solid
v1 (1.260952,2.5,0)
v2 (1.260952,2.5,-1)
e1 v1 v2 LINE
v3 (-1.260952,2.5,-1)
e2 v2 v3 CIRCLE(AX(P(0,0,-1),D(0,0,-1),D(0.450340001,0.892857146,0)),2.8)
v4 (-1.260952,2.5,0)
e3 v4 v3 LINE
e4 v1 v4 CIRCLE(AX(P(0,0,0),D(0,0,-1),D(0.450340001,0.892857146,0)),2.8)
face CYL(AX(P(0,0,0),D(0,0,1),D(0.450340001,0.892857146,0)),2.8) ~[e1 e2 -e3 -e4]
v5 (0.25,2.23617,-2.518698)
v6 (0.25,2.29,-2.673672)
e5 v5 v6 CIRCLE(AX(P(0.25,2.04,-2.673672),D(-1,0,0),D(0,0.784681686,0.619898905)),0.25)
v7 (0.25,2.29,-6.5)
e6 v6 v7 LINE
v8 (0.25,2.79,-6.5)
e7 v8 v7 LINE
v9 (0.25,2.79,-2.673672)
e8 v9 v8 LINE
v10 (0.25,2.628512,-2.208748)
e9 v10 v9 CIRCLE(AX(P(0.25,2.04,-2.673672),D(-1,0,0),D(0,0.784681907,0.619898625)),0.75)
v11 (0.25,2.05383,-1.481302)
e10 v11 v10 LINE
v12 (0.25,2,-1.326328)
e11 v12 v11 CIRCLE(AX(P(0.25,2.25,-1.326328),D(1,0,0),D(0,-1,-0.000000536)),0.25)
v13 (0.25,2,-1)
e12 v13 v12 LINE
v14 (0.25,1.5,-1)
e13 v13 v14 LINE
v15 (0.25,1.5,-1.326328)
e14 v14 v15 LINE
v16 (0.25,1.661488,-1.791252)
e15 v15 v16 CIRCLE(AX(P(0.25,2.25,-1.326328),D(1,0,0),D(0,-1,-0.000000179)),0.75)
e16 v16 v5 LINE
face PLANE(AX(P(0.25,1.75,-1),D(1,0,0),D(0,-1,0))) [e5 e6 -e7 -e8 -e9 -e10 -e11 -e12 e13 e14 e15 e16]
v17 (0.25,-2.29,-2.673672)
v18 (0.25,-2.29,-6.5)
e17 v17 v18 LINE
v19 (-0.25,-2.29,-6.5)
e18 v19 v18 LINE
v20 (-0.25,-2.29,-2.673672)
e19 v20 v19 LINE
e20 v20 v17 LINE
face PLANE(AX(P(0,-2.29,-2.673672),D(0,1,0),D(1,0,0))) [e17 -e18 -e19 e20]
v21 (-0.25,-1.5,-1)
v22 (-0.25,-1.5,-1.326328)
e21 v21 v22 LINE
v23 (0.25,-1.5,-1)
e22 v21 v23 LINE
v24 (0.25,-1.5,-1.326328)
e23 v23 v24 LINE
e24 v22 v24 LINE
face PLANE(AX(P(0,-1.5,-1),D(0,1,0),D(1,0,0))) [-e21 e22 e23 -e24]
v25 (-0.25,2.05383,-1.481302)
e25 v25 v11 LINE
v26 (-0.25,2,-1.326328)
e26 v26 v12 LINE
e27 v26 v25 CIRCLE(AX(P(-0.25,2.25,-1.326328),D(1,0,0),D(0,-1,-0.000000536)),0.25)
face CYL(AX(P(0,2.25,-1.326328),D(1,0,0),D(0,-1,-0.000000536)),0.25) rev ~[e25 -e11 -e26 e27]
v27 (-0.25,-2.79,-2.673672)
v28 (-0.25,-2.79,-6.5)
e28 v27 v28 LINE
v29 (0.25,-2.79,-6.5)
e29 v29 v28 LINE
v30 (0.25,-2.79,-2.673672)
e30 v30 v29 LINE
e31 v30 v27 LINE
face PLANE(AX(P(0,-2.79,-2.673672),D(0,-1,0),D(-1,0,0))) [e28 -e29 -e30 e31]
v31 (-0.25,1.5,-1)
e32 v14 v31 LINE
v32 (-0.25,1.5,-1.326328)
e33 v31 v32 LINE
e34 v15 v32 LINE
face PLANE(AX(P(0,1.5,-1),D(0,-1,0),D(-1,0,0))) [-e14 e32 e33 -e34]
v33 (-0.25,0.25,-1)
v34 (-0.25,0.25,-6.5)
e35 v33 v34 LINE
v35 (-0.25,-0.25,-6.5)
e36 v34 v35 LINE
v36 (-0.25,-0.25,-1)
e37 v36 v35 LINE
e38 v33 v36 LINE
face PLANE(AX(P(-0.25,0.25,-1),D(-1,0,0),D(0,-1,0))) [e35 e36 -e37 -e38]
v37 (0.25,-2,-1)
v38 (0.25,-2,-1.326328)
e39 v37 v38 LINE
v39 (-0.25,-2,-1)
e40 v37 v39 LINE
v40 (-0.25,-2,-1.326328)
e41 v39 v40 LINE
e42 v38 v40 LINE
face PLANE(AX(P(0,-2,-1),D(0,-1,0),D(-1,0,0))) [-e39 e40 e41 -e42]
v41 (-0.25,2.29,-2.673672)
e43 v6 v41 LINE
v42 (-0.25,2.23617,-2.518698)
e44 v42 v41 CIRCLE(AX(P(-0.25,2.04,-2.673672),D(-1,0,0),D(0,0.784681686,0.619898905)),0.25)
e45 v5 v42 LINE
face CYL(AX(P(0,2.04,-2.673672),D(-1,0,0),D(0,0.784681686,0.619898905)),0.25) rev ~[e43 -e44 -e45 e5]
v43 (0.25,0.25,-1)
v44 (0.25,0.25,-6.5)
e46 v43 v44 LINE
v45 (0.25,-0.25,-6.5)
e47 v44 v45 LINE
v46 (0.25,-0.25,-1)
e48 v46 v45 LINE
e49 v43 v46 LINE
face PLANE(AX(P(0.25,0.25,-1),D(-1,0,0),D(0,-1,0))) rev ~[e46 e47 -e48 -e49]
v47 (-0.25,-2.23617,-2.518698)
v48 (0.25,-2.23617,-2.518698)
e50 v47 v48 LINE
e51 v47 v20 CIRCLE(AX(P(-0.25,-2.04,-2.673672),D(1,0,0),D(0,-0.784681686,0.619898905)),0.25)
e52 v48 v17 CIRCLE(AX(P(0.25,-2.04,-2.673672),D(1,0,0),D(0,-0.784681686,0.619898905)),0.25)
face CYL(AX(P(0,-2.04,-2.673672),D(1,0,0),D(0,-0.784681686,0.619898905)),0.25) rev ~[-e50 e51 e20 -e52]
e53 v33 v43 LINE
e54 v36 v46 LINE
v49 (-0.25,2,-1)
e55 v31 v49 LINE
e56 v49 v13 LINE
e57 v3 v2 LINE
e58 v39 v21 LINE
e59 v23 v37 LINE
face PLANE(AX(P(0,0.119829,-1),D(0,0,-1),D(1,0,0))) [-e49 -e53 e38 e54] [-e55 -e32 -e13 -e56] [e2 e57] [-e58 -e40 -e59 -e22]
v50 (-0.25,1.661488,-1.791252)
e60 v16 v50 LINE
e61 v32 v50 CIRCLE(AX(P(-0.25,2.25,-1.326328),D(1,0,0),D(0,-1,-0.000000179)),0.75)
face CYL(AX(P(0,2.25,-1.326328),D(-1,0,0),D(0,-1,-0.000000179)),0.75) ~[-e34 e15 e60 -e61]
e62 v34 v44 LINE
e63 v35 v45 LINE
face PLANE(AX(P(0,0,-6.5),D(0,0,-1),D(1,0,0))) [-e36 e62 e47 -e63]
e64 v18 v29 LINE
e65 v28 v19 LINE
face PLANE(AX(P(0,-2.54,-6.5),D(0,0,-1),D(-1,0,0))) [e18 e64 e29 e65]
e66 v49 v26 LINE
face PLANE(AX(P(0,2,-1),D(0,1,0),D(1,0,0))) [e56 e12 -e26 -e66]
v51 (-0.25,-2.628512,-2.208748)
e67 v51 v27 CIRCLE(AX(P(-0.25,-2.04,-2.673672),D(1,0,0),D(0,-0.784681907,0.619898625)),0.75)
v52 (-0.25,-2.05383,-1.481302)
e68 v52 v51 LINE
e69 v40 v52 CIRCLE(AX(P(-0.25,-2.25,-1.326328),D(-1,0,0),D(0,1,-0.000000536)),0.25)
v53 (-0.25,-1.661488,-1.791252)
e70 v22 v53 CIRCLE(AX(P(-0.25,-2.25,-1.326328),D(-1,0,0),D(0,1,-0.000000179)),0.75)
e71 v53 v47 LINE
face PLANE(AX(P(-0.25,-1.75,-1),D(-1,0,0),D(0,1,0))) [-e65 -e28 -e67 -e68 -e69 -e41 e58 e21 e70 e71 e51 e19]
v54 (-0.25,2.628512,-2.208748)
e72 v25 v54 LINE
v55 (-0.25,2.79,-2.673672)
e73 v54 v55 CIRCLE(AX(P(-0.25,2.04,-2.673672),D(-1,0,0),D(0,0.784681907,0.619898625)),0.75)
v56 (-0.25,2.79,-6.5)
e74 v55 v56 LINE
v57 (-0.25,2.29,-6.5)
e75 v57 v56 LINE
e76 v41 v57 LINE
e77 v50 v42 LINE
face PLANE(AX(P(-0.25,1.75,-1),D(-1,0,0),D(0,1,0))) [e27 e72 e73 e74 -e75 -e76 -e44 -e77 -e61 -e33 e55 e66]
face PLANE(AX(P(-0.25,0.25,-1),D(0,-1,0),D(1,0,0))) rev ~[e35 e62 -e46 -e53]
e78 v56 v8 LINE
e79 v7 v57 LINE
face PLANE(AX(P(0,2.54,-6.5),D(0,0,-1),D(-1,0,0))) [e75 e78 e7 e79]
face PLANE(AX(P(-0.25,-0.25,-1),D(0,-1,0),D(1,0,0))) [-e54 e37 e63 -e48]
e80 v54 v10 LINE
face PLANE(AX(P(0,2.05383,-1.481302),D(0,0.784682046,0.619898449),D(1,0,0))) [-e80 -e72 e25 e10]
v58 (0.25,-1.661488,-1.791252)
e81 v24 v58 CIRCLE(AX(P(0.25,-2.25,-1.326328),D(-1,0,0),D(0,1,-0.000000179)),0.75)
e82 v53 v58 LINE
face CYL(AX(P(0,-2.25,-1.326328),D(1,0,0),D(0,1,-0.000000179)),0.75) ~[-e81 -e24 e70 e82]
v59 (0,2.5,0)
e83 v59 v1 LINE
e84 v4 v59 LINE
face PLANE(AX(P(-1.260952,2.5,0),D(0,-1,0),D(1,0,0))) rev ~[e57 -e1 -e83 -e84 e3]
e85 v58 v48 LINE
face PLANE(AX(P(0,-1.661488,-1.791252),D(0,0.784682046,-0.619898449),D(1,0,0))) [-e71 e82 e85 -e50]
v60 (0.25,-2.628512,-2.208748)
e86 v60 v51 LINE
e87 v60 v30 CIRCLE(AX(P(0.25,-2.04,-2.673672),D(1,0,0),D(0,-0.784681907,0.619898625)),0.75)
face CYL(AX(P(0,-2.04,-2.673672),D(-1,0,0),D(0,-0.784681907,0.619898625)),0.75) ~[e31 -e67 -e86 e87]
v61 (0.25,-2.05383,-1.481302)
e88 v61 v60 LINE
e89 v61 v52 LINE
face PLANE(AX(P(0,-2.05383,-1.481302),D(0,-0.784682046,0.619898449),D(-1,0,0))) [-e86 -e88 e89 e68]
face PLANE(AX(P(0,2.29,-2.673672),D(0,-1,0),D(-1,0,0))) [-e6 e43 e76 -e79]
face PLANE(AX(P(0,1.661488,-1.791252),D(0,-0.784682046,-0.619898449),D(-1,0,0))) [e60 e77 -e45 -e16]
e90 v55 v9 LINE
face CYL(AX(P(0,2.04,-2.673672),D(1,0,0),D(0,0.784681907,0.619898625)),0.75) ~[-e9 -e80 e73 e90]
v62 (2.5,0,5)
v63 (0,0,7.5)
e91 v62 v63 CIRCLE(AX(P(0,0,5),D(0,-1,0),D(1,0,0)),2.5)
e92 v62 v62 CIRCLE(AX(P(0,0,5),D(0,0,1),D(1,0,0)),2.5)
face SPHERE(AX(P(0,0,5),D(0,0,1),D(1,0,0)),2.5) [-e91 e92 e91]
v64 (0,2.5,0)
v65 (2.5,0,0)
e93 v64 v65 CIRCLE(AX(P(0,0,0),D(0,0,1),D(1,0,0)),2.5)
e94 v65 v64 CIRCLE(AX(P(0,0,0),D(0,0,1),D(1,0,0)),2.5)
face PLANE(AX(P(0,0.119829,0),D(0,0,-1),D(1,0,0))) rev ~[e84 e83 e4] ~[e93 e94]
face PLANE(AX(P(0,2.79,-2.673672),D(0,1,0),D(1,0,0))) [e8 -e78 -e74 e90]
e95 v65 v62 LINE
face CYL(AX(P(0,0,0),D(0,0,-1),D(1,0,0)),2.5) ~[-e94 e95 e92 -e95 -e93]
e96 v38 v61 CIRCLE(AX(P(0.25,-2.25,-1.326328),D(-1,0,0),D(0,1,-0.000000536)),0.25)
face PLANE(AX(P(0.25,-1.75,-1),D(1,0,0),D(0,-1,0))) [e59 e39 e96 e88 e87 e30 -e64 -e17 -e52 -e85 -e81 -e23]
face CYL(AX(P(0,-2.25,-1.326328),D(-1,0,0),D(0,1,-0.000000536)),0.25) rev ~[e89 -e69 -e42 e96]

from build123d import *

# Parameters (mm, degrees)
F0_R     = 2.5
F1_DEPTH = 7.5
F2_R     = 2.5
F4_DEPTH = 1
F5_W     = 0.5
F5_H     = 0.5
F6_DEPTH = 5.5


with BuildPart() as f1:
    # F0 (on Top) → F1 (new body)
    with BuildSketch(Plane.XY):
        Circle(F0_R)
    extrude(amount=F1_DEPTH)

    # F2
    f2_edges = [f1.edges().sort_by_distance(p)[0] for p in [
        (-2.5, 0, 7.5),
    ]]
    fillet(f2_edges, radius=F2_R)

    # F3 (on face) → F4 (join)
    with BuildSketch(Plane(origin=(0, 0, 0), x_dir=(1, 0, 0), z_dir=(0, 0, -1))):
        with BuildLine():
            Line((-1.260952, -2.5), (1.260952, -2.5))
            ThreePointArc((1.260952, -2.5), (0, 2.8), (-1.260952, -2.5))
        make_face()
    extrude(amount=F4_DEPTH)

    # F5 (on face) → F6 (join)
    with BuildSketch(Plane(origin=(0, 0, -1), x_dir=(1, 0, 0), z_dir=(0, 0, -1))):
        Rectangle(F5_W, F5_H)
    extrude(amount=F6_DEPTH)

    # F8: sweep along a path in F7
    with BuildLine(Plane.YZ) as f8_path:
        Line((-1.75, -1), (-1.75, -1.326328))
        ThreePointArc((-1.75, -1.326328), (-1.777681, -1.490385), (-1.857659, -1.636277))
        Line((-1.857659, -1.636277), (-2.432341, -2.363723))
        ThreePointArc((-2.432341, -2.363723), (-2.512319, -2.509615), (-2.54, -2.673672))
        Line((-2.54, -2.673672), (-2.54, -6.5))
    # F5 (on face) → F8 (sweep)
    with BuildSketch(Plane(origin=(0, 0, -1), x_dir=(1, 0, 0), z_dir=(0, 0, -1))):
        with Locations((0, 1.75)):
            Rectangle(F5_W, F5_H)
    sweep(path=f8_path.line)

    # F9: sweep along a path in F7
    with BuildLine(Plane.YZ) as f9_path:
        Line((1.75, -1), (1.75, -1.326328))
        ThreePointArc((1.75, -1.326328), (1.777681, -1.490385), (1.857659, -1.636277))
        Line((1.857659, -1.636277), (2.432341, -2.363723))
        ThreePointArc((2.432341, -2.363723), (2.512319, -2.509615), (2.54, -2.673672))
        Line((2.54, -2.673672), (2.54, -6.5))
    # F5 (on face) → F9 (sweep)
    with BuildSketch(Plane(origin=(0, 0, -1), x_dir=(1, 0, 0), z_dir=(0, 0, -1))):
        with Locations((0, -1.75)):
            Rectangle(F5_W, F5_H)
    sweep(path=f9_path.line)


solid = f1.part
